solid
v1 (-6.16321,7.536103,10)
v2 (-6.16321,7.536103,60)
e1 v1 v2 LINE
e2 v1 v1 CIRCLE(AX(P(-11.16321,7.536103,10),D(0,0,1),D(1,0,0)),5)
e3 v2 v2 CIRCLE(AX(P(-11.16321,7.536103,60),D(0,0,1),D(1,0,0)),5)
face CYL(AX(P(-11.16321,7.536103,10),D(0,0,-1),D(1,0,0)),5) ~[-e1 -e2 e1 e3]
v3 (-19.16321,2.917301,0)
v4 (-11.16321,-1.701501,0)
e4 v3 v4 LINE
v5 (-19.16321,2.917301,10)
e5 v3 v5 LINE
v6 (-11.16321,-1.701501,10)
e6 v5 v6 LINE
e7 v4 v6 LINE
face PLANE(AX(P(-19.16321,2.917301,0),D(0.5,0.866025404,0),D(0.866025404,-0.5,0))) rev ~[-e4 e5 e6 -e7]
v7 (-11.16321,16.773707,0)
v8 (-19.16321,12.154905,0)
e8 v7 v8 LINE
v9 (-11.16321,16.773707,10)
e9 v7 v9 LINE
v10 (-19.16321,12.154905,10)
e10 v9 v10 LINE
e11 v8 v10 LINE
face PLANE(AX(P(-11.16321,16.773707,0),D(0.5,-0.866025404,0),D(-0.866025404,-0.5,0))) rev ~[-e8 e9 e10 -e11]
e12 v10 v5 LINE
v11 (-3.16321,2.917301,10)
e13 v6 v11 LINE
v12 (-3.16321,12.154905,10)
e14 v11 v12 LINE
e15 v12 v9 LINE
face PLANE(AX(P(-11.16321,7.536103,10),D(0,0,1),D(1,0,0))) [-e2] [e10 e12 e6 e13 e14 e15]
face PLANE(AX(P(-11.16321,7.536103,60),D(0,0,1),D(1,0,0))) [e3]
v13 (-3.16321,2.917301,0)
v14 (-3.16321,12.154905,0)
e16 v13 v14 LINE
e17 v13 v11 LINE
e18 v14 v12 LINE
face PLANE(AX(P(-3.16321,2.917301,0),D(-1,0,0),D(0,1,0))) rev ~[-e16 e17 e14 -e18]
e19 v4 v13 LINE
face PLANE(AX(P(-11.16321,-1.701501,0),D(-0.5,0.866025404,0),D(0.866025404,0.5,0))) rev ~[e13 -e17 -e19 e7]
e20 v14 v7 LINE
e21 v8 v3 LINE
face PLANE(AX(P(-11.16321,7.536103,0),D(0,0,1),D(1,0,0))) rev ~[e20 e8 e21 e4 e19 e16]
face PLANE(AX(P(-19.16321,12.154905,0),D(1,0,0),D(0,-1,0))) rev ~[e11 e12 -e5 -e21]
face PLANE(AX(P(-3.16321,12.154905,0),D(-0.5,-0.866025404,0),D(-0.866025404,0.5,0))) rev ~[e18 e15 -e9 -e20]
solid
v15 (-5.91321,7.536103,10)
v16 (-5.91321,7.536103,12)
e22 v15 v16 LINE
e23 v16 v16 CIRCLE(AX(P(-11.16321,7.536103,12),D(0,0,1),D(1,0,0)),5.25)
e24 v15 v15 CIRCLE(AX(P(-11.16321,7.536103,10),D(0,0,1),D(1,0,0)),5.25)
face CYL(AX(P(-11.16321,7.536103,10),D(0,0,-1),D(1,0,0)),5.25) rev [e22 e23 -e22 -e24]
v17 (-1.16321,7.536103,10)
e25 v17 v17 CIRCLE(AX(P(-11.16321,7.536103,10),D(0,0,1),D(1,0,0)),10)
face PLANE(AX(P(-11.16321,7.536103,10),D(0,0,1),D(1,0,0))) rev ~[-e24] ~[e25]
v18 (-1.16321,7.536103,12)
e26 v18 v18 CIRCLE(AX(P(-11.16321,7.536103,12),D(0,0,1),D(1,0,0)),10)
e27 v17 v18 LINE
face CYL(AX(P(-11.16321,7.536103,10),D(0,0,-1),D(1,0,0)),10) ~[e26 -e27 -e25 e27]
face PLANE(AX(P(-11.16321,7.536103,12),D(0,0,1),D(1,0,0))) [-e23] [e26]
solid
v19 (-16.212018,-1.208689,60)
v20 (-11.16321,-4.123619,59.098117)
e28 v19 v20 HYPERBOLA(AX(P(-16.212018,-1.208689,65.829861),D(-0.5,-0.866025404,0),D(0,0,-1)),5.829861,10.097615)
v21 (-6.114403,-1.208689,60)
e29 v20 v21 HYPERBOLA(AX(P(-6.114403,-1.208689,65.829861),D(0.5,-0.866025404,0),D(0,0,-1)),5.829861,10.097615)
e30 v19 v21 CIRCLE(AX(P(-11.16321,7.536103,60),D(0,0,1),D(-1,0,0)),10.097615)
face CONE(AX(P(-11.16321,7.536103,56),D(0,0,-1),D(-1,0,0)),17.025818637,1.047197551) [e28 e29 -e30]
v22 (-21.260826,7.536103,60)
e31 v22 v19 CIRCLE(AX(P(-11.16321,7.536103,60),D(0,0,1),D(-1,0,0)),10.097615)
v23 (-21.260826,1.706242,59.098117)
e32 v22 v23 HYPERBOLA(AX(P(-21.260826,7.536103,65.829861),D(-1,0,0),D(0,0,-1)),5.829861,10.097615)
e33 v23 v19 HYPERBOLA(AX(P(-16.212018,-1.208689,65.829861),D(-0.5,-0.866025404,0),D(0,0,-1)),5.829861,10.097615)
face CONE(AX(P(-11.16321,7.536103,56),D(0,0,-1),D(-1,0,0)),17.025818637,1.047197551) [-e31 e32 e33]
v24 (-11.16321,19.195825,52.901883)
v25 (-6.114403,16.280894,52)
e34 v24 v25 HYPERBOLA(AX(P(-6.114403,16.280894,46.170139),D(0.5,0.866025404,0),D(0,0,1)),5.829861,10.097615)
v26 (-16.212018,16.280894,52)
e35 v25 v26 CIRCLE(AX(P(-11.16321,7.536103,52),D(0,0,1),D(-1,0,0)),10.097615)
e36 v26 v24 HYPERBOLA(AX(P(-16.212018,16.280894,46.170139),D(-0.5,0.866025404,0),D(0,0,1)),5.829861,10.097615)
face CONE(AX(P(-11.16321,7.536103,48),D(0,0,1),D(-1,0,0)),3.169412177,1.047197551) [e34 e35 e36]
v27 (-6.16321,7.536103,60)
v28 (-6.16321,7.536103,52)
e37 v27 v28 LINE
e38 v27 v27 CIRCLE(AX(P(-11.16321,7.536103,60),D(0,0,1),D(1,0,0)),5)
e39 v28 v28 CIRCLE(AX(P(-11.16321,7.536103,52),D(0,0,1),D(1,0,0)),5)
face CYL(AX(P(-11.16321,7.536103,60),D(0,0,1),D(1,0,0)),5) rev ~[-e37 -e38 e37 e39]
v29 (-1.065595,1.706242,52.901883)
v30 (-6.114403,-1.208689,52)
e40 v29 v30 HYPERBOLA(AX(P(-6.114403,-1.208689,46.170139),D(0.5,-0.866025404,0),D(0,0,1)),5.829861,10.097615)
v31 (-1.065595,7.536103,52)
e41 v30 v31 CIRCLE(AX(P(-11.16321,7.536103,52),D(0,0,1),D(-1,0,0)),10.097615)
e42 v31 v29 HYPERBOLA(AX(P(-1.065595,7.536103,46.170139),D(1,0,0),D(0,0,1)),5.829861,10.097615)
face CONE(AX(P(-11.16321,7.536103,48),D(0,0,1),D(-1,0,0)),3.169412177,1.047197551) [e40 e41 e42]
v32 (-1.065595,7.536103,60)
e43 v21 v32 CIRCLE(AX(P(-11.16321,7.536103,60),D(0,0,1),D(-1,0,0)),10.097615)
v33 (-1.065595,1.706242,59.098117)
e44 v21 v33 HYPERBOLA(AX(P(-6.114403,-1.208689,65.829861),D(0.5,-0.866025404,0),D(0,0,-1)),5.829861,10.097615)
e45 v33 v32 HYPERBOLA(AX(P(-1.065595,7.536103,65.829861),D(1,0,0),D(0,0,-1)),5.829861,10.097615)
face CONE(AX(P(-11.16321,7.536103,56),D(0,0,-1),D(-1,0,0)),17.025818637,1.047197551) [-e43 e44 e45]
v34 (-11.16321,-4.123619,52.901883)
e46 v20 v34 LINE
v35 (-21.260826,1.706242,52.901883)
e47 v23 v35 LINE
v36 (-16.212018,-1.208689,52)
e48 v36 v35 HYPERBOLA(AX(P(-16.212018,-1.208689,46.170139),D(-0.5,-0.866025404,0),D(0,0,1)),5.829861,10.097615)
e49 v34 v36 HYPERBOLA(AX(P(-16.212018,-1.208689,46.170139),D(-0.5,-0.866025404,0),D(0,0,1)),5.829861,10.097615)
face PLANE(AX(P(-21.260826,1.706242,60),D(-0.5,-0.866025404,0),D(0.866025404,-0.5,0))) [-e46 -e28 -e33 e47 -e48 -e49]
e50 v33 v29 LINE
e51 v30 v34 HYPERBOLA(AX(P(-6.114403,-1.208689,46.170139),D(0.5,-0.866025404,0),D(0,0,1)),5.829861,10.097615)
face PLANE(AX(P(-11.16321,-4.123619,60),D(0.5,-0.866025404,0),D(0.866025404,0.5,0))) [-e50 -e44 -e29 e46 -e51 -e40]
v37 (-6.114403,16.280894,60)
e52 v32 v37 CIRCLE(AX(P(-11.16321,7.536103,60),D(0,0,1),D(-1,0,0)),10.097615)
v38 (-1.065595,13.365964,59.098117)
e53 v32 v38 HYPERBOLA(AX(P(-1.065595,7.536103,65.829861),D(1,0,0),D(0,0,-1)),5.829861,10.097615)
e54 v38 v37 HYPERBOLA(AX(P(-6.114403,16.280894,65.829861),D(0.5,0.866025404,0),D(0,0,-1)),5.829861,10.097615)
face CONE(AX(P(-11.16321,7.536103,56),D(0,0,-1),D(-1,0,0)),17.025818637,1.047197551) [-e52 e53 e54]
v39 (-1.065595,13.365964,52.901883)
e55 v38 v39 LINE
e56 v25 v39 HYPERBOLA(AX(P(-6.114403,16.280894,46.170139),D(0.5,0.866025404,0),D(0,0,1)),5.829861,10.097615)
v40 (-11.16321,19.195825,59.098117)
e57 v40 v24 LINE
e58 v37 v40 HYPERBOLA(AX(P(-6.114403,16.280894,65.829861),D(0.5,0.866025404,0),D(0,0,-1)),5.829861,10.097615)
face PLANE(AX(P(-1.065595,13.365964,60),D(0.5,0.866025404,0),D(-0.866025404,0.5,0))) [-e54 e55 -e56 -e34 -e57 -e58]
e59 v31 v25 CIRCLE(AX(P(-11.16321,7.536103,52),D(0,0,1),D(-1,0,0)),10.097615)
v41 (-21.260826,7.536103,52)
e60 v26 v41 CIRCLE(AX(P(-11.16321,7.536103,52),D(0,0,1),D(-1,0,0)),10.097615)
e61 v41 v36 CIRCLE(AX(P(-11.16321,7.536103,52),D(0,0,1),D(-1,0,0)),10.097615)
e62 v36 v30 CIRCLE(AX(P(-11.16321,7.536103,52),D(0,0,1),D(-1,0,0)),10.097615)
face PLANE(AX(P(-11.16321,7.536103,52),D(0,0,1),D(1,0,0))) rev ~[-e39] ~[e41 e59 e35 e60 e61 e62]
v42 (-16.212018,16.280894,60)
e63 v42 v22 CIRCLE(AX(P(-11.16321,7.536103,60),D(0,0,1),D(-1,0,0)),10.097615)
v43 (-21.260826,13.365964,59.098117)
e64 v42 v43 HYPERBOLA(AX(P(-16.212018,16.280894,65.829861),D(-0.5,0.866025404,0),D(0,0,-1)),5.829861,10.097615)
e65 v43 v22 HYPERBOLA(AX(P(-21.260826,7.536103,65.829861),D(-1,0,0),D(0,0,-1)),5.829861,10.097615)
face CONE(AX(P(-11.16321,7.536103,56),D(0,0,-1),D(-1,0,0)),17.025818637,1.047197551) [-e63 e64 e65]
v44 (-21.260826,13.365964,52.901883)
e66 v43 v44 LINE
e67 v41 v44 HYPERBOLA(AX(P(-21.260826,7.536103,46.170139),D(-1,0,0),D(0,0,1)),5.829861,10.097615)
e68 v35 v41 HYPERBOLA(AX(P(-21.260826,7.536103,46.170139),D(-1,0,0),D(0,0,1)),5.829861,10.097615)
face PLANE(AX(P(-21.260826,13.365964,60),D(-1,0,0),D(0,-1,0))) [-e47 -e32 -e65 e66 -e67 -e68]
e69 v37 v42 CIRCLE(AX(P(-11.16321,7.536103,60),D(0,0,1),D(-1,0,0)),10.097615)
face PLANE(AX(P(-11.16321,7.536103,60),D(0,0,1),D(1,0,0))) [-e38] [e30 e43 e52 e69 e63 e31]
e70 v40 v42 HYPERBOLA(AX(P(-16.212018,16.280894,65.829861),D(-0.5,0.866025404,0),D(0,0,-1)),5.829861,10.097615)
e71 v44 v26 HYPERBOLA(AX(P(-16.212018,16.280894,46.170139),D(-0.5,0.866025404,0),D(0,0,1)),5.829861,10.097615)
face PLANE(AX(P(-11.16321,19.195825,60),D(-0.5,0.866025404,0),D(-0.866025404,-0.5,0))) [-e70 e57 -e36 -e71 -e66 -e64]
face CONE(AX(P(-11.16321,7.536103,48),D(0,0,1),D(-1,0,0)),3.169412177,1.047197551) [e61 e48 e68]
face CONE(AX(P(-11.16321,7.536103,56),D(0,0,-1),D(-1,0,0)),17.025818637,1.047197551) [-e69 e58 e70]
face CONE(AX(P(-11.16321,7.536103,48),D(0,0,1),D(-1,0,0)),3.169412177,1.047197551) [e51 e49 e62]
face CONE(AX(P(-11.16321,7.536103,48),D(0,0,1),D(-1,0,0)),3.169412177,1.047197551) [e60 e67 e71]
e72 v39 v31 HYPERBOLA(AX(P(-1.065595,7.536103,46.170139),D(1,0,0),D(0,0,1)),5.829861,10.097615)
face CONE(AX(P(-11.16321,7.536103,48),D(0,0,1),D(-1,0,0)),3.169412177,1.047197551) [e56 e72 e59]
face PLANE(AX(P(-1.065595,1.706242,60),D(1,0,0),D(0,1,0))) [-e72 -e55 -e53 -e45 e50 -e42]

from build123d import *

# Parameters (mm, degrees)
SKETCH1_R           = 5
BOSS_EXTRUDE1_DEPTH = 10
BOSS_EXTRUDE2_START = 10
SKETCH1_3_R         = 5
BOSS_EXTRUDE2_DEPTH = 50
BOSS_EXTRUDE3_START = 10
SKETCH3_R           = 10
SKETCH3_R_2         = 5.25
BOSS_EXTRUDE3_DEPTH = 2
SKETCH4_R           = 5
BOSS_EXTRUDE4_DEPTH = 8


with BuildPart() as part:
    # Sketch1 → Boss-Extrude1 (new body)
    # profile 1 of 2: a face of its own
    with BuildSketch(Plane.XY):
        Polygon((-11.163210479, -1.701501358), (-3.163210479, 2.917300796), (-3.163210479, 12.154905103), (-11.163210479, 16.773707256), (-19.163210479, 12.154905103), (-19.163210479, 2.917300796), align=None)
        with Locations((-11.163210479, 7.536102949)):
            Circle(SKETCH1_R, mode=Mode.SUBTRACT)
    # profile 2 of 2: a face of its own
    with BuildSketch(Plane.XY):
        with Locations((-11.163210479, 7.536102949)):
            Circle(SKETCH1_R)
    extrude(amount=BOSS_EXTRUDE1_DEPTH)

    # Sketch1<3> → Boss-Extrude2 (add)
    with BuildSketch(Plane.XY.offset(BOSS_EXTRUDE2_START)):
        with Locations((-11.163210479, 7.536102949)):
            Circle(SKETCH1_3_R)
    extrude(amount=BOSS_EXTRUDE2_DEPTH)


with BuildPart() as body_2:
    # Sketch3 → Boss-Extrude3 (new body)
    with BuildSketch(Plane.XY.offset(BOSS_EXTRUDE3_START)):
        with Locations((-11.163210479, 7.536102949)):
            Circle(SKETCH3_R)
        with Locations((-11.163210479, 7.536102949)):
            Circle(SKETCH3_R_2, mode=Mode.SUBTRACT)
    extrude(amount=BOSS_EXTRUDE3_DEPTH)


with BuildPart() as body_3:
    # Sketch4 → Boss-Extrude4 (new body)
    with BuildSketch(Plane.XY.offset(60)):
        Polygon((-11.163210479, -4.123618998), (-1.065595071, 1.706241975), (-1.065595071, 13.365963923), (-11.163210479, 19.195824897), (-21.260825886, 13.365963923), (-21.260825886, 1.706241975), align=None)
        with Locations((-11.163210479, 7.536102949)):
            Circle(SKETCH4_R, mode=Mode.SUBTRACT)
    extrude(amount=-BOSS_EXTRUDE4_DEPTH)

    # Sketch5 → Cut-Revolve1 (revolve, cut)
    with BuildSketch(Plane(origin=(0, 7.536102949, 0), x_dir=(-1, 0, 0), z_dir=(0, -1, 0))):
        Polygon((28.189029116, -56), (14.332622656, -64), (14.332622656, -68.5), (39.332622656, -68.5), (39.332622656, -43.5), (14.332622656, -43.5), (14.332622656, -48), align=None)
    revolve(axis=Axis((-11.163210479, 7.536102949, 101.6), (0, 0, 1)), mode=Mode.SUBTRACT)


solid = Compound([part.part, body_2.part, body_3.part])
